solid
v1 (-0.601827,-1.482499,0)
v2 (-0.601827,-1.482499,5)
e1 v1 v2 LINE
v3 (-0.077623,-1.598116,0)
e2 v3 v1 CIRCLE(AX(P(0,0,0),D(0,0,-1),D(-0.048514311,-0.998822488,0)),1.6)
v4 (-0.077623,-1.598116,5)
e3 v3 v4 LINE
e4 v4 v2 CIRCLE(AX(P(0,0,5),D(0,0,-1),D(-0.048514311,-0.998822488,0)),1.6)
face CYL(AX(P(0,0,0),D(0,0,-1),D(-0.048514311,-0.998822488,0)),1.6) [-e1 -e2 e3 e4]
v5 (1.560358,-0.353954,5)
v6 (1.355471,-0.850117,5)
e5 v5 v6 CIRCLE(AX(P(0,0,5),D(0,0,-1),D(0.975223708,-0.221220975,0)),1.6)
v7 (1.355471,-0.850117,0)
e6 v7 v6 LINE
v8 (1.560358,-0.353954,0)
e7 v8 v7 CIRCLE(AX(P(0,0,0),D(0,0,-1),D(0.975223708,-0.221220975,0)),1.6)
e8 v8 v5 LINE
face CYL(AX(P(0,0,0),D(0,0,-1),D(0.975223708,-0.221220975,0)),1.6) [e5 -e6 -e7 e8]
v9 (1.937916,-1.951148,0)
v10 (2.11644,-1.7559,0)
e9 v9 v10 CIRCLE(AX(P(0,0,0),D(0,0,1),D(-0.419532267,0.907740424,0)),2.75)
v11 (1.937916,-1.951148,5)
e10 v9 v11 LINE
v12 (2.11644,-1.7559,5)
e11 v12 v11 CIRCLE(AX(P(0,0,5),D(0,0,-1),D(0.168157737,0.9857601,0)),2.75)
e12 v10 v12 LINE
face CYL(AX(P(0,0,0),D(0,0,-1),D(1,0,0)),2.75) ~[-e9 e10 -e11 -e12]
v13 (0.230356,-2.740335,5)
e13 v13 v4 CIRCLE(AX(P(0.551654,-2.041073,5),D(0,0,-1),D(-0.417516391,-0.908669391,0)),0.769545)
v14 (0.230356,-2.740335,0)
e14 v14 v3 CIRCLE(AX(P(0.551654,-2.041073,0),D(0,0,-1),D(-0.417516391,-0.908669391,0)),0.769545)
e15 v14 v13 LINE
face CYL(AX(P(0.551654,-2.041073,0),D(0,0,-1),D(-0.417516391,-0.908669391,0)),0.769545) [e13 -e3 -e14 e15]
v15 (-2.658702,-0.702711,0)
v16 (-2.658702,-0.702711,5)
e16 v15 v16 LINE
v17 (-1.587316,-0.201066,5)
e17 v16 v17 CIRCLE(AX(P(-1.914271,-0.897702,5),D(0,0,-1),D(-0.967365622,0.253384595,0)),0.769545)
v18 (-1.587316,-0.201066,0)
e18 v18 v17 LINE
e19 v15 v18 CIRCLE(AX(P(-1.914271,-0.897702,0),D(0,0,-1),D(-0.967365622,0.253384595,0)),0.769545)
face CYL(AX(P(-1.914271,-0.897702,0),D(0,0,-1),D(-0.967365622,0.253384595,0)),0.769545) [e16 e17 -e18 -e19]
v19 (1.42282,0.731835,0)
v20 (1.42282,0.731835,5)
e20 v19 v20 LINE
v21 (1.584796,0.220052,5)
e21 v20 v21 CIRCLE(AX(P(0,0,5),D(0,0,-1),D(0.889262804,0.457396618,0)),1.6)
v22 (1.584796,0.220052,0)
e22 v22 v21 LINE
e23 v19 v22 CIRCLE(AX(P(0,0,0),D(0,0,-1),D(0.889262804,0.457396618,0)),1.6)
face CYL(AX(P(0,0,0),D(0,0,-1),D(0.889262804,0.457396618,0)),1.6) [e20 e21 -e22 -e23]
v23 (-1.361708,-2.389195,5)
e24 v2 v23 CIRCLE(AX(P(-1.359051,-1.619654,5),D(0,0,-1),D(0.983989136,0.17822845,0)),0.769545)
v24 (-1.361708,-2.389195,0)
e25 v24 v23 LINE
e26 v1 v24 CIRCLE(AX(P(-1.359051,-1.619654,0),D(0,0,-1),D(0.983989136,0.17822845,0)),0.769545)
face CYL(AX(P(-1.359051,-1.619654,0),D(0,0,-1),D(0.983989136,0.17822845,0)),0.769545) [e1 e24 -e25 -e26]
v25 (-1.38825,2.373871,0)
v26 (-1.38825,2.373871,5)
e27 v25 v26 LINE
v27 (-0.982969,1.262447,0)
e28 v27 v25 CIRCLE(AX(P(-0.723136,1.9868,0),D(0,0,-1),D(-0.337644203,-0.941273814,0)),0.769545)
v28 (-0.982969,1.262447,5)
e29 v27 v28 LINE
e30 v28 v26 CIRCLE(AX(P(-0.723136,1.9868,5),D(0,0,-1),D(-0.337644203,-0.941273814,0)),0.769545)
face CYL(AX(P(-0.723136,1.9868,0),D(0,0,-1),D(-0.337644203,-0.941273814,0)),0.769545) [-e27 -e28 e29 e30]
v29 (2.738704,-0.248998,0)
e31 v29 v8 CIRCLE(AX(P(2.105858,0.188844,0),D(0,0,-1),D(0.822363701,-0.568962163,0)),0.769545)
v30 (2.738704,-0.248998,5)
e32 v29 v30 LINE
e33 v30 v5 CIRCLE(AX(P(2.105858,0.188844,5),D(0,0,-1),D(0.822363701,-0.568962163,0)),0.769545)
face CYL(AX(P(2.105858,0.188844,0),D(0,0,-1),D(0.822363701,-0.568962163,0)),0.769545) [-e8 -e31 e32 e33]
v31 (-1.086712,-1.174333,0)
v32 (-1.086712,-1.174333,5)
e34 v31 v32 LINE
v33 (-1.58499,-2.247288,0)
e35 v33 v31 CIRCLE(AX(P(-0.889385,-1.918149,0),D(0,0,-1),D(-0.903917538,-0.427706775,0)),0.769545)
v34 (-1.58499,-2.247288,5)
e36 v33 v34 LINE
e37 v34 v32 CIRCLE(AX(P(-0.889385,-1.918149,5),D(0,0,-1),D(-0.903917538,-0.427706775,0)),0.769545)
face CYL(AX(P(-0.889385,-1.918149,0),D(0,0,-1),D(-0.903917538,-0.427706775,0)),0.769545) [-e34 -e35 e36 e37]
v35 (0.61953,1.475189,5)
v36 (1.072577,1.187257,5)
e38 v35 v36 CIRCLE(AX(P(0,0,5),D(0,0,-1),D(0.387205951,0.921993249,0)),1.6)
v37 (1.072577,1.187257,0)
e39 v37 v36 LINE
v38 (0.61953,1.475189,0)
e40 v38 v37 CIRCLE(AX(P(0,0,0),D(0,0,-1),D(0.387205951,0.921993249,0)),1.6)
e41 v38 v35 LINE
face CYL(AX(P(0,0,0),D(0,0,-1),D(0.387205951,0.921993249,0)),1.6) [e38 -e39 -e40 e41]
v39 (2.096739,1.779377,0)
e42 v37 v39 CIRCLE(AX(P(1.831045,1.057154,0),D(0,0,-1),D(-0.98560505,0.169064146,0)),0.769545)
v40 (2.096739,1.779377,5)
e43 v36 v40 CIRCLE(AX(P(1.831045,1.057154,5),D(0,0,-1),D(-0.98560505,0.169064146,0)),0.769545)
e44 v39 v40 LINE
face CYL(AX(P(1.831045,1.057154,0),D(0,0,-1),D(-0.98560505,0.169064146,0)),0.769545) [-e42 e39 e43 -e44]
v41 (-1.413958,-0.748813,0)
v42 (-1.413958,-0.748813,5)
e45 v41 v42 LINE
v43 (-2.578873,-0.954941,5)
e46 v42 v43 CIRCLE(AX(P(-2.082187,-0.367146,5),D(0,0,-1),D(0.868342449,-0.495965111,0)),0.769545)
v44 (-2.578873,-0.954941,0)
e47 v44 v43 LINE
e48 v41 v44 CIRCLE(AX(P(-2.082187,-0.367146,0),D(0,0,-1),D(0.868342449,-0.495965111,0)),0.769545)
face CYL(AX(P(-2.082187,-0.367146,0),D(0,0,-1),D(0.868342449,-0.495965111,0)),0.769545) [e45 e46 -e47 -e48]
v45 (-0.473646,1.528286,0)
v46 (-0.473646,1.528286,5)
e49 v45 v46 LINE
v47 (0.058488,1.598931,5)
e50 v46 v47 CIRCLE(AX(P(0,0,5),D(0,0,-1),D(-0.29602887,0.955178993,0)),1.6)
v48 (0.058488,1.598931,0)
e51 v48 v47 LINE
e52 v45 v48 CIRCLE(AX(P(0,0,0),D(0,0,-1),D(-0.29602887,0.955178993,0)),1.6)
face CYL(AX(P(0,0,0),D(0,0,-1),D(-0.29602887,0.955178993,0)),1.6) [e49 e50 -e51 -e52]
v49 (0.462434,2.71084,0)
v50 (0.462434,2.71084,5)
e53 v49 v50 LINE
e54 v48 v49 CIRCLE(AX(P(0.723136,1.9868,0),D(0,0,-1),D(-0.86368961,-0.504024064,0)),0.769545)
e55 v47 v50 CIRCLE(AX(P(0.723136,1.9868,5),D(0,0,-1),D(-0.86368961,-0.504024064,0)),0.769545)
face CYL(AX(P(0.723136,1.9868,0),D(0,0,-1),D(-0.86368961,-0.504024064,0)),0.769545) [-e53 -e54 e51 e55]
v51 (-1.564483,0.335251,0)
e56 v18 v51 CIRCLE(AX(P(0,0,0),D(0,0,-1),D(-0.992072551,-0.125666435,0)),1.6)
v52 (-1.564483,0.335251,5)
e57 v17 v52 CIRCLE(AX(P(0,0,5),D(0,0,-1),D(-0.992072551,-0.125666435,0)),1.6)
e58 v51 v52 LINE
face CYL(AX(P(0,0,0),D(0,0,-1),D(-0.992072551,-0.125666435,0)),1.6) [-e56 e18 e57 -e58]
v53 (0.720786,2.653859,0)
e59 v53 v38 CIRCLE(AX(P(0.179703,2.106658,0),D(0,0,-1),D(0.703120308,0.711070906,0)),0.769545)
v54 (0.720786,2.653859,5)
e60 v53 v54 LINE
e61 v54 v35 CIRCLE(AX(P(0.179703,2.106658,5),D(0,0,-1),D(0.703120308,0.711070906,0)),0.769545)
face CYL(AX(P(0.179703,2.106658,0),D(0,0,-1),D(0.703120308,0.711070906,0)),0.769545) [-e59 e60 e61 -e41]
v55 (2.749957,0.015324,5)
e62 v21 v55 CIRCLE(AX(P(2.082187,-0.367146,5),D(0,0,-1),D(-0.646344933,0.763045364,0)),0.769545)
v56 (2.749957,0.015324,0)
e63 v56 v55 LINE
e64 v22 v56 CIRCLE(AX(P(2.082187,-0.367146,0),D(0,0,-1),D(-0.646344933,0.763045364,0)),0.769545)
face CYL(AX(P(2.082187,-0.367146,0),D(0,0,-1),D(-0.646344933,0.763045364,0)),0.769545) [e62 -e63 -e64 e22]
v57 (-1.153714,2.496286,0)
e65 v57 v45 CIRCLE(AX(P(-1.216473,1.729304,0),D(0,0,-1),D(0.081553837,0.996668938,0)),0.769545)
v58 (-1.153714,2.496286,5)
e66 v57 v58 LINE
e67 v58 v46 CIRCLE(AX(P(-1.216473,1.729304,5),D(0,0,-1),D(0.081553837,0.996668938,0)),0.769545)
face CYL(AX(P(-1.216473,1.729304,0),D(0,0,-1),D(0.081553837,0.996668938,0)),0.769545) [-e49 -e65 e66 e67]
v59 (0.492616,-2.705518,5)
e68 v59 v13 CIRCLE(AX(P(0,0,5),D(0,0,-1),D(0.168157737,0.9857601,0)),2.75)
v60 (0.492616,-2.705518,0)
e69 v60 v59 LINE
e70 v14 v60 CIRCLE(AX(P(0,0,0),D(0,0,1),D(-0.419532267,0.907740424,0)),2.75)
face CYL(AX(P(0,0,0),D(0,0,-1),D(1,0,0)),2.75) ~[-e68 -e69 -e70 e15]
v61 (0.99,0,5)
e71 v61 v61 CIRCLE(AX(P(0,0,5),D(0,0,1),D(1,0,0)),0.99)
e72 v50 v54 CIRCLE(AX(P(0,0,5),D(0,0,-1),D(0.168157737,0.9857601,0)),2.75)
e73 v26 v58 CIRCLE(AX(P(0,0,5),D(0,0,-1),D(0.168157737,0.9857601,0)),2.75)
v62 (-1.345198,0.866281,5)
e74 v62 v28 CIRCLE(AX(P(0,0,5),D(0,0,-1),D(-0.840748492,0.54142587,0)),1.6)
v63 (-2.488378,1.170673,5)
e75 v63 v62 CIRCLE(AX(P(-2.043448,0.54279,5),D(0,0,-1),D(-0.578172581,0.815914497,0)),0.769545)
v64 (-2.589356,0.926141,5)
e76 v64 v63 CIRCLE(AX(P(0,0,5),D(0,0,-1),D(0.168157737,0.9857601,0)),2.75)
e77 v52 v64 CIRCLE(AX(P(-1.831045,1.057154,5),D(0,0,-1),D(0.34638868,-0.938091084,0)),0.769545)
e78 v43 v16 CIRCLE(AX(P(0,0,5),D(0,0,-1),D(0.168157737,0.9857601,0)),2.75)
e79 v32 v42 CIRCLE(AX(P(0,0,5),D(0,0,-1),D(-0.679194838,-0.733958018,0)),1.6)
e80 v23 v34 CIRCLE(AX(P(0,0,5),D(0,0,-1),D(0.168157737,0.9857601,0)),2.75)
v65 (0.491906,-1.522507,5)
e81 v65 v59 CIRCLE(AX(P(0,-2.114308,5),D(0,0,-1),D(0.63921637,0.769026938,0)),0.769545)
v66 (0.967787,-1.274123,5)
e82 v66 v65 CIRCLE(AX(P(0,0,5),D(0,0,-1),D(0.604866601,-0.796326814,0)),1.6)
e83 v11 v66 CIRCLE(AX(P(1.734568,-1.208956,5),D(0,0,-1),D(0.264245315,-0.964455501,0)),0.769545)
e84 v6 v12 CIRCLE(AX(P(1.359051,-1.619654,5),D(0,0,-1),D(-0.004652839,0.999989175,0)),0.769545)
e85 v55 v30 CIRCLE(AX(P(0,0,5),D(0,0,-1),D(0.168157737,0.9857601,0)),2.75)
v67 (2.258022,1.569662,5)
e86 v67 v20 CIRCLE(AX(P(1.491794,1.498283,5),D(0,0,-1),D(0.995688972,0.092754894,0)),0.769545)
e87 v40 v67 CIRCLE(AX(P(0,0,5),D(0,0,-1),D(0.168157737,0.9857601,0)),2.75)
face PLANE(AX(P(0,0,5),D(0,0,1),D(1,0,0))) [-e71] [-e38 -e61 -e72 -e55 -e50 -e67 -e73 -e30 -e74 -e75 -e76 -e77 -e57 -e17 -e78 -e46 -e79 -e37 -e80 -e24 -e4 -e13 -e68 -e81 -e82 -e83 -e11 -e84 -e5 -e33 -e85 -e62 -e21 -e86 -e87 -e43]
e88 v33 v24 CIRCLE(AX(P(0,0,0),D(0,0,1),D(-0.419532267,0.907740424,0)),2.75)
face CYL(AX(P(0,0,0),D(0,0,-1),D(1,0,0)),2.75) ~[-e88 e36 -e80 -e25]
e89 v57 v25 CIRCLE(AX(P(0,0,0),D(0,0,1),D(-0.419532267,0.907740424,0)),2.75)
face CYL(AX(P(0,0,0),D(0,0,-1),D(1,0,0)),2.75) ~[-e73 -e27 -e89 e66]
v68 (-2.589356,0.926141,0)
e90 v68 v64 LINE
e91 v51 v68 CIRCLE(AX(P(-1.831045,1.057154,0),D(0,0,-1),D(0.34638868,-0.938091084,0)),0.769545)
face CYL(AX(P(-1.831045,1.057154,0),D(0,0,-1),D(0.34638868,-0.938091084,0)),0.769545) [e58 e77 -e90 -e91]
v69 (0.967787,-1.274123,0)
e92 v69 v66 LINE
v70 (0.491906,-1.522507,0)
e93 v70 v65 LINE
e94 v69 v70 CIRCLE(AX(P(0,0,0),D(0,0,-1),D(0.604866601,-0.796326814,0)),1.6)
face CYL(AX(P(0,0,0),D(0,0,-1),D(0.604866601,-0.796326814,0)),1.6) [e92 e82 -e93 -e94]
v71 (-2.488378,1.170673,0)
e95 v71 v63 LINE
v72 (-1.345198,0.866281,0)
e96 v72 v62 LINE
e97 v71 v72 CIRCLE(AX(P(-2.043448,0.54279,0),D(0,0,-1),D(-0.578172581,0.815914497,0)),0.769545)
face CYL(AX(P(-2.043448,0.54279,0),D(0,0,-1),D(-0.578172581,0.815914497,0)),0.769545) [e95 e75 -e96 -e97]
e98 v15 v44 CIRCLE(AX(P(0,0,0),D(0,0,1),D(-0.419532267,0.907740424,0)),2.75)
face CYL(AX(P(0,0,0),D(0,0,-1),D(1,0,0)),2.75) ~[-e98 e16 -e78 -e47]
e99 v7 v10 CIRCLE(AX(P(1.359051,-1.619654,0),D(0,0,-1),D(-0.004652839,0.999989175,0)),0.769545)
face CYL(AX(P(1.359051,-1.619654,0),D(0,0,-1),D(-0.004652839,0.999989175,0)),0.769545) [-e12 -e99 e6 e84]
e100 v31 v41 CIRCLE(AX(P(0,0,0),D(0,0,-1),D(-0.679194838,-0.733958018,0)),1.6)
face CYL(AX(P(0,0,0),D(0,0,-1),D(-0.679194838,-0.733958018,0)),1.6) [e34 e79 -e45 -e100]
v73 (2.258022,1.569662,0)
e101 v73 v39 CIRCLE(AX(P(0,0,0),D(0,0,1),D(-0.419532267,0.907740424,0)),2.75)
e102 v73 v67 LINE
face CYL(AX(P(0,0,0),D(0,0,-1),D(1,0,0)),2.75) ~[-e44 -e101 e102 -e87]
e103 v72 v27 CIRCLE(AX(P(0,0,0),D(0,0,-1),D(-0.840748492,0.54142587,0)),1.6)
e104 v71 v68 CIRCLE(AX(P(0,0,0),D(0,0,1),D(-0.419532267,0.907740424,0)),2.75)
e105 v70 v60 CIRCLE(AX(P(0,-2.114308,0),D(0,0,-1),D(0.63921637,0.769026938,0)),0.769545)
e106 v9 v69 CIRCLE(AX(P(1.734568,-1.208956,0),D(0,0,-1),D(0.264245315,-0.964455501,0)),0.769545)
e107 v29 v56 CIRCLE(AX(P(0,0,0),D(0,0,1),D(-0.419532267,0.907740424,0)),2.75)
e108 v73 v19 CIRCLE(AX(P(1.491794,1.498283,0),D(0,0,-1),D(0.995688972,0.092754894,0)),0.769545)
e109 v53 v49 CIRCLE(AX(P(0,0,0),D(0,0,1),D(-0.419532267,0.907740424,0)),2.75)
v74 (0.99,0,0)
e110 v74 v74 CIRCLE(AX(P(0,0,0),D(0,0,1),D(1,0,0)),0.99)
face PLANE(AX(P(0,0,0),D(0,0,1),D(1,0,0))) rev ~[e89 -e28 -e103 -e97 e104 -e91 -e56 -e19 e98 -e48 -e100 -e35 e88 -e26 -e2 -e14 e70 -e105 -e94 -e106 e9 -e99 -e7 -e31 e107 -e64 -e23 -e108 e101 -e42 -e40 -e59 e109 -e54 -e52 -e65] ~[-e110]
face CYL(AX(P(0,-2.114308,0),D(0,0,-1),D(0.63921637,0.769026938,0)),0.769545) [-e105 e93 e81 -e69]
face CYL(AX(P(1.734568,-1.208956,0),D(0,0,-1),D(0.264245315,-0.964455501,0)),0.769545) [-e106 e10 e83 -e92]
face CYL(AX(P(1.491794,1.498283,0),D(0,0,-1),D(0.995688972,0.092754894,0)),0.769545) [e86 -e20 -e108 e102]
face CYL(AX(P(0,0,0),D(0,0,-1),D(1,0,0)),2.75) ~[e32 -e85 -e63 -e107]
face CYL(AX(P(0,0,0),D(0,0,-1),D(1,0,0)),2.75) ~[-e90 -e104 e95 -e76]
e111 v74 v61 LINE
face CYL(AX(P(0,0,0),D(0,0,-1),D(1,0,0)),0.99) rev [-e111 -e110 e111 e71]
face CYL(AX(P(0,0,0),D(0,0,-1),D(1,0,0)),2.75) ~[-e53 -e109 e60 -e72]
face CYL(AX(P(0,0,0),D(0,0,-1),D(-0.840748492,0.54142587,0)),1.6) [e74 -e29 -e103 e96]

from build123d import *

# Parameters (mm, degrees)
CROQUIS1_R              = 2.75
CROQUIS1_R_2            = 0.99
SALIENTE_EXTRUIR1_DEPTH = 5
CORTAR_EXTRUIR1_START   = -5
CORTAR_EXTRUIR1_DEPTH   = 5
MATRIZC2_COUNT          = 9


with BuildPart() as part:
    # Croquis1 → Saliente-Extruir1 (new body)
    with BuildSketch(Plane.XY):
        Circle(CROQUIS1_R)
        Circle(CROQUIS1_R_2, mode=Mode.SUBTRACT)
    extrude(amount=SALIENTE_EXTRUIR1_DEPTH)

    # Croquis2 → Cortar-Extruir1 (cut)
    with BuildSketch(Plane.XY.offset(5).offset(CORTAR_EXTRUIR1_START)):
        with BuildLine():
            ThreePointArc((0.462433778, 2.710840276), (-0.361905182, 2.726082288), (-1.153713733, 2.496286166))
            ThreePointArc((-1.153713733, 2.496286166), (-0.586792069, 2.171686202), (-0.473646193, 1.528286388))
            ThreePointArc((-0.473646193, 1.528286388), (-0.210563015, 1.58608424), (0.058487762, 1.598930637))
            ThreePointArc((0.058487762, 1.598930637), (-0.000157922, 2.249565706), (0.462433778, 2.710840276))
        make_face()
    cortar_extruir1 = extrude(amount=CORTAR_EXTRUIR1_DEPTH, mode=Mode.SUBTRACT)

    # MatrizC2: Cortar-Extruir1 ×9 about axis
    matrizc2_axis = Axis((0, 0, 0), (0, 0, 1))
    for i in range(1, MATRIZC2_COUNT):
        add(cortar_extruir1.rotate(matrizc2_axis, i * 360 / MATRIZC2_COUNT), mode=Mode.SUBTRACT)


solid = part.part
